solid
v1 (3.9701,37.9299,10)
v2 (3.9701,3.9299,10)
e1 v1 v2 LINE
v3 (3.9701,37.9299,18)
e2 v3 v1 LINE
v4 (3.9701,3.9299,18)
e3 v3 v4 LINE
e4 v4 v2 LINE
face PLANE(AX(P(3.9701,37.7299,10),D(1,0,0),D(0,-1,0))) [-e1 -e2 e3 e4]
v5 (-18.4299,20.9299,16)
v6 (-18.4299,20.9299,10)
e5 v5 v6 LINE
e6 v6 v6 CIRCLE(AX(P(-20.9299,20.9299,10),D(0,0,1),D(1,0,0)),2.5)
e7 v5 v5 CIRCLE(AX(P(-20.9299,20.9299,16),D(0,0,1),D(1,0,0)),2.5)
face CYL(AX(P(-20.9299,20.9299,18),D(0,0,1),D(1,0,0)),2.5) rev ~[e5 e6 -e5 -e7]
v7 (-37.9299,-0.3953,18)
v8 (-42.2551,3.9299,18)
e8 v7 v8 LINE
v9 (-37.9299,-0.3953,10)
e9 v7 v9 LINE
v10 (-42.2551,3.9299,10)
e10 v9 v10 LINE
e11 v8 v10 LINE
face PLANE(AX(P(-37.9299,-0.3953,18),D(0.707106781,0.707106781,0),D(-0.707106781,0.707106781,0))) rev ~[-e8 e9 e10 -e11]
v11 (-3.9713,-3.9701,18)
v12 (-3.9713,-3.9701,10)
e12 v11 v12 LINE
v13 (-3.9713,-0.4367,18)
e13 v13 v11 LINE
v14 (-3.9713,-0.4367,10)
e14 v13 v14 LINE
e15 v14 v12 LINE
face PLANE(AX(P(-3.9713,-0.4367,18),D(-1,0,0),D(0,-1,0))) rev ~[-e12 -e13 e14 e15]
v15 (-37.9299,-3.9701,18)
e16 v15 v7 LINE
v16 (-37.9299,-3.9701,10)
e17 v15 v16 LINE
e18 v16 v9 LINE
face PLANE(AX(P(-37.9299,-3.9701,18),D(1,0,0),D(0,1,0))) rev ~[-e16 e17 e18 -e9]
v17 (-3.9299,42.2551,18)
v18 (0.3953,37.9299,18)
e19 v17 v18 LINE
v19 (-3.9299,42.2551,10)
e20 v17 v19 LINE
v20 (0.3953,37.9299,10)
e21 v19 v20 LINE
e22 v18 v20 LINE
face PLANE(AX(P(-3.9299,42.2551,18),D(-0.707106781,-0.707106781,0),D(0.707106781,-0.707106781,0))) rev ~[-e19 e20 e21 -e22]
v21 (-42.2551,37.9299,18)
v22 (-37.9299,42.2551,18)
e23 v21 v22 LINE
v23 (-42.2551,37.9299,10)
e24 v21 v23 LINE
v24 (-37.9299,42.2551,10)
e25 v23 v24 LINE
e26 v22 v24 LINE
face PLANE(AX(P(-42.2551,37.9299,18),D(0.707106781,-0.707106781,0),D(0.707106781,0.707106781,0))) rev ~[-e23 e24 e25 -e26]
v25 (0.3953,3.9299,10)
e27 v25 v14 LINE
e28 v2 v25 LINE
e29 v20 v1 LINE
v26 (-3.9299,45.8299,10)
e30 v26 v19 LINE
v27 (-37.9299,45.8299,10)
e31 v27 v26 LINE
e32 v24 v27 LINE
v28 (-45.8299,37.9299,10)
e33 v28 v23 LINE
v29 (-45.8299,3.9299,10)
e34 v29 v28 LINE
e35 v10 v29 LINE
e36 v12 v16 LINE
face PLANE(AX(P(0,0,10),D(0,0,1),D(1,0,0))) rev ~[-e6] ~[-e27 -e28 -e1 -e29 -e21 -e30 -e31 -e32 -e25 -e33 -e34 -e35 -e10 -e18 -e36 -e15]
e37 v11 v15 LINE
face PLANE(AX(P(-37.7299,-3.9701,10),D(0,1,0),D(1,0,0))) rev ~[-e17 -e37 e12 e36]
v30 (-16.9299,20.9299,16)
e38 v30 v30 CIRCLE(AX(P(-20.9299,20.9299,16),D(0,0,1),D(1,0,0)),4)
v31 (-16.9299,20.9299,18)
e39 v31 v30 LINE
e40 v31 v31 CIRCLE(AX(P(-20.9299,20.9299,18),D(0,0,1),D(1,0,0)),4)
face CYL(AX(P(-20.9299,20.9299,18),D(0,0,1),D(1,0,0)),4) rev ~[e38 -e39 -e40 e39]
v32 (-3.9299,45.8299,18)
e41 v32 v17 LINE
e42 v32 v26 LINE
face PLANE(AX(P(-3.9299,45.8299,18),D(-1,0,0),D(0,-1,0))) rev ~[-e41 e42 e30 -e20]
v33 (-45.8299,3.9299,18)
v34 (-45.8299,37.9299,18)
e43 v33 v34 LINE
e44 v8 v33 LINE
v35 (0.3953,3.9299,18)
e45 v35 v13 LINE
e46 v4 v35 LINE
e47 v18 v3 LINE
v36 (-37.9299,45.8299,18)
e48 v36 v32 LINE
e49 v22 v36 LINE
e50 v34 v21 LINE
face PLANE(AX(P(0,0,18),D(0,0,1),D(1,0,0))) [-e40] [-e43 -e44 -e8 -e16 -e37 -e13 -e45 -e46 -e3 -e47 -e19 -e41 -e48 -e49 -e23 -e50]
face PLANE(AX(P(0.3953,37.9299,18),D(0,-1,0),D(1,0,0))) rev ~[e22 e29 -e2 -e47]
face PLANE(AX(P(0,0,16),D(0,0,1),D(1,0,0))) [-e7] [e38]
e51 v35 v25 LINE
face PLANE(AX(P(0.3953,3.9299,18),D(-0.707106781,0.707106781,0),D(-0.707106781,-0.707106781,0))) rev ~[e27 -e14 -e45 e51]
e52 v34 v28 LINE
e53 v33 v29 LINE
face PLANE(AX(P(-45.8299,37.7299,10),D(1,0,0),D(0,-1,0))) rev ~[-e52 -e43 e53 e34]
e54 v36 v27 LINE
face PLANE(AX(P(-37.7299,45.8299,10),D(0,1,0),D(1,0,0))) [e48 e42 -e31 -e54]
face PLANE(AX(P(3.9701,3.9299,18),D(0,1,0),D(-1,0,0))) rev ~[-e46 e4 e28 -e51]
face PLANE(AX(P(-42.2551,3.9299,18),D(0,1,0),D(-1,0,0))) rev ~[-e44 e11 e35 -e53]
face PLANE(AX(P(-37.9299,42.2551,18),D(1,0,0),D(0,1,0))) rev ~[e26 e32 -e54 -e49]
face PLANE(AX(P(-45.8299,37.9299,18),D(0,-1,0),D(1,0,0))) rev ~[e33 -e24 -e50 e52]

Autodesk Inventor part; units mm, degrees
ref_plane "YZ Plane" through (0, 0, 0) normal (1, 0, 0) x (0, 1, 0)
ref_plane "XZ Plane" through (0, 0, 0) normal (0, 1, 0) x (-1, 0, 0)
ref_plane "Work Plane1" through (0, 0, 10) normal (0, 0, 1) x (1, 0, 0)
sketch "Sketch1" plane through (0, 0, 10) normal (0, 0, 1) x (1, 0, 0)
  line L0 (-4.0299, -0.3538) -> (-2.2322, 1.4439) construction
  arc A0 (-1.4439, 2.2322) -> (-2.2322, 1.4439) centre (-0.9299, 0.9299) ccw construction
  line L1 (-1.4439, 2.2322) -> (0.3538, 4.0299) construction
  line L2 (-37.8299, 42.8299) -> (-37.8299, 37.8299) construction
  line L3 (-37.8299, 37.8299) -> (-42.9208, 37.8299) construction
  line L4 (-37.8299, 42.2137) -> (-37.8299, 45.8299) construction
  line L5 (-37.8299, 45.8299) -> (-4.0299, 45.8299) construction
  line L6 (-4.0299, 45.8299) -> (-4.0299, 42.2137) construction
  line L7 (-4.0299, 4.0299) -> (0.3538, 4.0299) projected
  circle A1 centre (-20.9299, 20.9299) radius 17.5 projected
  line L8 (-20.9299, 58.9723) -> (17.1124, 20.9299) construction
  line L9 (17.1124, 20.9299) -> (-20.9299, -17.1124) construction
  line L10 (-20.9299, -17.1124) -> (-58.9723, 20.9299) construction
  line L11 (-58.9723, 20.9299) -> (-20.9299, 58.9723) construction
  line L12 (-20.9299, 58.9723) -> (-20.9299, -17.1124) construction
  line L13 (17.1124, 20.9299) -> (-58.9723, 20.9299) construction
  line L14 (-20.9299, 58.9723) -> (32.8701, 58.9723) construction
  line L15 (-43.4299, 43.4299) -> (1.5701, 43.4299) construction
  line L16 (1.5701, 43.4299) -> (1.5701, -1.5701) construction
  line L17 (1.5701, -1.5701) -> (-43.4299, -1.5701) construction
  line L18 (-43.4299, -1.5701) -> (-43.4299, 43.4299) construction
  line L19 (-43.4299, 43.4299) -> (1.5701, -1.5701) construction
  line L20 (1.5701, 43.4299) -> (-43.4299, -1.5701) construction
  line L21 (-43.4299, 5.3876) -> (-43.4299, 36.4723)
  line L22 (-43.4299, 36.4723) -> (-36.4723, 43.4299)
  line L23 (-36.4723, 43.4299) -> (-5.3876, 43.4299)
  line L24 (-5.3876, 43.4299) -> (1.5701, 36.4723)
  line L25 (1.5701, 36.4723) -> (1.5701, 5.3876)
  line L26 (1.5701, 5.3876) -> (-5.3876, -1.5701)
  line L27 (-5.3876, -1.5701) -> (-36.4723, -1.5701)
  line L28 (-36.4723, -1.5701) -> (-43.4299, 5.3876)
  line L29 (-4.0299, 42.2137) -> (-37.8299, 42.2137) projected
  line L30 (-4.0299, -0.3538) -> (-4.0299, 4.0299) projected
  circle A2 centre (-20.9299, 20.9299) radius 1.5
  line L31 (-10.9299, 10.9299) -> (-30.9299, 10.9299) construction
  line L32 (-30.9299, 10.9299) -> (-30.9299, 30.9299) construction
  line L33 (-30.9299, 30.9299) -> (-10.9299, 30.9299) construction
  line L34 (-10.9299, 30.9299) -> (-10.9299, 10.9299) construction
  line L35 (-10.9299, 10.9299) -> (-30.9299, 30.9299) construction
  line L36 (-30.9299, 10.9299) -> (-10.9299, 30.9299) construction
  circle A3 centre (-30.9299, 30.9299) radius 1.4
  circle A4 centre (-30.9299, 10.9299) radius 1.4
  circle A5 centre (-10.9299, 10.9299) radius 1.4
  line L37 (-45.8299, 37.8299) -> (-42.0723, 37.8299) construction
  line L38 (-42.1723, 37.7299) -> (-45.8299, 37.7299)
  line L39 (-45.8299, 37.7299) -> (-45.8299, 4.1299)
  line L40 (-45.8299, 4.1299) -> (-42.1723, 4.1299)
  line L41 (-42.1723, 4.1299) -> (-42.1723, 37.7299)
  line L42 (-45.8299, 4.0299) -> (-42.0723, 4.0299) construction
  line L43 (-45.8299, 37.8299) -> (-42.0723, 37.8299) projected
  line L44 (-37.7299, 45.8299) -> (-4.1299, 45.8299)
  line L45 (-4.1299, 45.8299) -> (-4.1299, 42.1723)
  line L46 (-4.1299, 42.1723) -> (-37.7299, 42.1723)
  line L47 (-37.7299, 42.1723) -> (-37.7299, 45.8299)
  line L48 (0.4701, 37.8299) -> (0.4701, 4.0299) construction
  line L49 (0.4701, 4.0299) -> (3.9701, 4.0299) construction
  line L50 (3.9701, 37.8299) -> (3.9701, 4.0299) construction
  line L51 (0.4701, 37.8299) -> (3.9701, 37.8299) construction
  line L52 (-45.8299, -3.9701) -> (-4.0299, -3.9701) construction
  line L53 (0.3124, 37.7299) -> (3.9701, 37.7299)
  line L54 (3.9701, 37.7299) -> (3.9701, 4.1299)
  line L55 (3.9701, 4.1299) -> (0.3124, 4.1299)
  line L56 (0.3124, 4.1299) -> (0.3124, 37.7299)
  line L57 (-4.1713, -0.3538) -> (-37.7299, -0.3538)
  line L58 (-37.7299, -0.3538) -> (-37.7299, -3.9701)
  line L59 (-37.7299, -3.9701) -> (-4.1713, -3.9701)
  line L60 (-4.1713, -3.9701) -> (-4.1713, -0.3538)
  point P0 (-37.8299, 4.0299)
  dimension "d18" = 53.8
  dimension "d19" = 45
  dimension "d20" = 53.8
  dimension "d21" = 45
  dimension "d22" = 45
  dimension "d30" = 20
  dimension "d31" = 20
  dimension "d32" = 2.8
  dimension "d33" = 2.8
  dimension "d34" = 2.8
  dimension "d35" = 3
  dimension "d36" = 0.1
  dimension "d37" = 0.1
  dimension "d38" = 0.1
  dimension "d39" = 0.1
extrude "Extrusion1" add sketch "Sketch1" along normal blind 8 contours L30 L26 L57 L28 L41 L22 L46 L24 L56 L7 | L7 L26 L30 | L56 L24 L25 L26 | L26 L25 L24 L53 L54 L55 | L60 L59 L58 L57 L28 L27 L26 | L26 L27 L28 L57 | L46 L22 L29 L24 | L24 L29 L45 | L40 L39 L38 L22 L21 L28 | L28 L21 L22 L41 | L29 L22 L23 L24 | L24 L23 L22 L29 L47 L44 L45 | L47 L29 L22 | A1 | A2 | A3 | A4 | A5
sketch "Skizze4" plane through (0, 0, 18) normal (0, 0, 1) x (1, 0, 0)
  line L0 (-37.7299, 42.1723) -> (-42.1723, 37.7299) projected
  line L1 (-42.1723, 37.7299) -> (-45.8299, 37.7299) projected
  line L2 (-45.8299, 37.7299) -> (-45.8299, 4.1299) construction
  line L3 (-45.8299, 4.1299) -> (-42.1723, 4.1299) projected
  line L4 (-42.1723, 4.1299) -> (-37.6885, -0.3538) projected
  line L5 (-37.6885, -0.3538) -> (-37.7299, -0.3538) projected
  line L6 (-37.7299, -0.3538) -> (-37.7299, -3.9701) projected
  line L7 (-37.7299, -3.9701) -> (-4.1713, -3.9701) construction
  line L8 (-4.1713, -3.9701) -> (-4.1713, -0.3538) projected
  line L9 (-4.1713, -0.3538) -> (0.3124, 4.1299) projected
  line L10 (0.3124, 4.1299) -> (3.9701, 4.1299) projected
  line L11 (3.9701, 4.1299) -> (3.9701, 37.7299) construction
  line L12 (3.9701, 37.7299) -> (0.3124, 37.7299) projected
  line L13 (0.3124, 37.7299) -> (-4.1299, 42.1723) projected
  line L14 (-4.1299, 42.1723) -> (-4.1299, 45.8299) projected
  line L15 (-4.1299, 45.8299) -> (-37.7299, 45.8299) construction
  line L16 (-37.7299, 45.8299) -> (-37.7299, 42.1723) projected
  line L17 (-37.9299, 46.0299) -> (-3.9299, 46.0299) construction
  line L18 (-3.9299, 46.0299) -> (-3.9299, 42.2551)
  line L19 (-3.9299, 42.2551) -> (0.3953, 37.9299)
  line L20 (0.3953, 37.9299) -> (4.1701, 37.9299)
  line L21 (4.1701, 37.9299) -> (4.1701, 3.9299) construction
  line L22 (4.1701, 3.9299) -> (0.3953, 3.9299)
  line L23 (0.3953, 3.9299) -> (-3.9713, -0.4367)
  line L24 (-3.9713, -0.4367) -> (-3.9713, -4.1701)
  line L25 (-3.9713, -4.1701) -> (-37.9299, -4.1701) construction
  line L26 (-37.9299, -4.1701) -> (-37.9299, -0.3953)
  line L27 (-37.9299, -0.3953) -> (-42.2551, 3.9299)
  line L28 (-42.2551, 3.9299) -> (-46.0299, 3.9299)
  line L29 (-46.0299, 3.9299) -> (-46.0299, 37.9299) construction
  line L30 (-46.0299, 37.9299) -> (-42.2551, 37.9299)
  line L31 (-42.2551, 37.9299) -> (-37.9299, 42.2551)
  line L32 (-37.9299, 42.2551) -> (-37.9299, 46.0299)
  line L33 (-45.8299, 37.7299) -> (-45.8299, 37.9299)
  line L34 (-4.1299, 45.8299) -> (-37.7299, 45.8299) projected
  line L35 (-37.7299, 45.8299) -> (-37.9299, 45.8299)
  line L36 (-4.1299, 45.8299) -> (-3.9299, 45.8299)
  line L37 (3.9701, 37.7299) -> (3.9701, 37.9299)
  line L38 (3.9701, 4.1299) -> (3.9701, 37.7299) projected
  line L39 (3.9701, 4.1299) -> (3.9701, 3.9299)
  line L40 (-4.1713, -3.9701) -> (-3.9713, -3.9701)
  line L41 (-37.7299, -3.9701) -> (-37.9299, -3.9701)
  line L42 (-45.8299, 4.1299) -> (-45.8299, 3.9299)
  point P0 (0, 0)
  dimension "d40" = 0.2
extrude "IM_offset" add sketch "Skizze4" against normal up to surface (8 mm away)
sketch "Sketch27" plane through (0, 0, 18) normal (0, 0, 1) x (1, 0, 0)
  line L0 (-3.9299, 45.8299) -> (-37.9299, 45.8299) projected
  line L1 (-37.9299, 45.8299) -> (-37.9299, 42.2551) projected
  line L2 (-37.9299, 42.2551) -> (-42.2551, 37.9299) projected
  line L3 (-42.2551, 37.9299) -> (-45.8299, 37.9299) projected
  line L4 (-45.8299, 37.9299) -> (-45.8299, 3.9299) projected
  line L5 (-42.2551, 3.9299) -> (-45.8299, 3.9299) projected
  line L6 (-37.9299, -0.3953) -> (-42.2551, 3.9299) projected
  line L7 (-37.9299, -3.9701) -> (-37.9299, -0.3953) projected
  line L8 (-3.9713, -3.9701) -> (-37.9299, -3.9701) projected
  line L9 (-3.9713, -3.9701) -> (-3.9713, -0.4367) projected
  line L10 (-3.9713, -0.4367) -> (0.3953, 3.9299) projected
  line L11 (0.3953, 3.9299) -> (3.9701, 3.9299) projected
  line L12 (3.9701, 3.9299) -> (3.9701, 37.9299) projected
  line L13 (3.9701, 37.9299) -> (0.3953, 37.9299) projected
  line L14 (0.3953, 37.9299) -> (-3.9299, 42.2551) projected
  line L15 (-3.9299, 42.2551) -> (-3.9299, 45.8299) projected
  circle A0 centre (-20.9299, 20.9299) radius 24.9
  circle A1 centre (-20.9299, 20.9299) radius 2.5
  point P0 (0, 0)
  dimension "d167" = 5
extrude "Extrusion22" cut sketch "Sketch27" against normal blind 10 contours A1
sketch "Sketch28" plane through (0, 0, 18) normal (0, 0, 1) x (1, 0, 0)
  circle A0 centre (-20.9299, 20.9299) radius 2.5 projected
  circle A1 centre (-20.9299, 20.9299) radius 4
  point P0 (0, 0)
  dimension "d170" = 8
extrude "Extrusion23" cut sketch "Sketch28" against normal blind 2
properties part number "20_Cube_Insert_single_LED_holder"
